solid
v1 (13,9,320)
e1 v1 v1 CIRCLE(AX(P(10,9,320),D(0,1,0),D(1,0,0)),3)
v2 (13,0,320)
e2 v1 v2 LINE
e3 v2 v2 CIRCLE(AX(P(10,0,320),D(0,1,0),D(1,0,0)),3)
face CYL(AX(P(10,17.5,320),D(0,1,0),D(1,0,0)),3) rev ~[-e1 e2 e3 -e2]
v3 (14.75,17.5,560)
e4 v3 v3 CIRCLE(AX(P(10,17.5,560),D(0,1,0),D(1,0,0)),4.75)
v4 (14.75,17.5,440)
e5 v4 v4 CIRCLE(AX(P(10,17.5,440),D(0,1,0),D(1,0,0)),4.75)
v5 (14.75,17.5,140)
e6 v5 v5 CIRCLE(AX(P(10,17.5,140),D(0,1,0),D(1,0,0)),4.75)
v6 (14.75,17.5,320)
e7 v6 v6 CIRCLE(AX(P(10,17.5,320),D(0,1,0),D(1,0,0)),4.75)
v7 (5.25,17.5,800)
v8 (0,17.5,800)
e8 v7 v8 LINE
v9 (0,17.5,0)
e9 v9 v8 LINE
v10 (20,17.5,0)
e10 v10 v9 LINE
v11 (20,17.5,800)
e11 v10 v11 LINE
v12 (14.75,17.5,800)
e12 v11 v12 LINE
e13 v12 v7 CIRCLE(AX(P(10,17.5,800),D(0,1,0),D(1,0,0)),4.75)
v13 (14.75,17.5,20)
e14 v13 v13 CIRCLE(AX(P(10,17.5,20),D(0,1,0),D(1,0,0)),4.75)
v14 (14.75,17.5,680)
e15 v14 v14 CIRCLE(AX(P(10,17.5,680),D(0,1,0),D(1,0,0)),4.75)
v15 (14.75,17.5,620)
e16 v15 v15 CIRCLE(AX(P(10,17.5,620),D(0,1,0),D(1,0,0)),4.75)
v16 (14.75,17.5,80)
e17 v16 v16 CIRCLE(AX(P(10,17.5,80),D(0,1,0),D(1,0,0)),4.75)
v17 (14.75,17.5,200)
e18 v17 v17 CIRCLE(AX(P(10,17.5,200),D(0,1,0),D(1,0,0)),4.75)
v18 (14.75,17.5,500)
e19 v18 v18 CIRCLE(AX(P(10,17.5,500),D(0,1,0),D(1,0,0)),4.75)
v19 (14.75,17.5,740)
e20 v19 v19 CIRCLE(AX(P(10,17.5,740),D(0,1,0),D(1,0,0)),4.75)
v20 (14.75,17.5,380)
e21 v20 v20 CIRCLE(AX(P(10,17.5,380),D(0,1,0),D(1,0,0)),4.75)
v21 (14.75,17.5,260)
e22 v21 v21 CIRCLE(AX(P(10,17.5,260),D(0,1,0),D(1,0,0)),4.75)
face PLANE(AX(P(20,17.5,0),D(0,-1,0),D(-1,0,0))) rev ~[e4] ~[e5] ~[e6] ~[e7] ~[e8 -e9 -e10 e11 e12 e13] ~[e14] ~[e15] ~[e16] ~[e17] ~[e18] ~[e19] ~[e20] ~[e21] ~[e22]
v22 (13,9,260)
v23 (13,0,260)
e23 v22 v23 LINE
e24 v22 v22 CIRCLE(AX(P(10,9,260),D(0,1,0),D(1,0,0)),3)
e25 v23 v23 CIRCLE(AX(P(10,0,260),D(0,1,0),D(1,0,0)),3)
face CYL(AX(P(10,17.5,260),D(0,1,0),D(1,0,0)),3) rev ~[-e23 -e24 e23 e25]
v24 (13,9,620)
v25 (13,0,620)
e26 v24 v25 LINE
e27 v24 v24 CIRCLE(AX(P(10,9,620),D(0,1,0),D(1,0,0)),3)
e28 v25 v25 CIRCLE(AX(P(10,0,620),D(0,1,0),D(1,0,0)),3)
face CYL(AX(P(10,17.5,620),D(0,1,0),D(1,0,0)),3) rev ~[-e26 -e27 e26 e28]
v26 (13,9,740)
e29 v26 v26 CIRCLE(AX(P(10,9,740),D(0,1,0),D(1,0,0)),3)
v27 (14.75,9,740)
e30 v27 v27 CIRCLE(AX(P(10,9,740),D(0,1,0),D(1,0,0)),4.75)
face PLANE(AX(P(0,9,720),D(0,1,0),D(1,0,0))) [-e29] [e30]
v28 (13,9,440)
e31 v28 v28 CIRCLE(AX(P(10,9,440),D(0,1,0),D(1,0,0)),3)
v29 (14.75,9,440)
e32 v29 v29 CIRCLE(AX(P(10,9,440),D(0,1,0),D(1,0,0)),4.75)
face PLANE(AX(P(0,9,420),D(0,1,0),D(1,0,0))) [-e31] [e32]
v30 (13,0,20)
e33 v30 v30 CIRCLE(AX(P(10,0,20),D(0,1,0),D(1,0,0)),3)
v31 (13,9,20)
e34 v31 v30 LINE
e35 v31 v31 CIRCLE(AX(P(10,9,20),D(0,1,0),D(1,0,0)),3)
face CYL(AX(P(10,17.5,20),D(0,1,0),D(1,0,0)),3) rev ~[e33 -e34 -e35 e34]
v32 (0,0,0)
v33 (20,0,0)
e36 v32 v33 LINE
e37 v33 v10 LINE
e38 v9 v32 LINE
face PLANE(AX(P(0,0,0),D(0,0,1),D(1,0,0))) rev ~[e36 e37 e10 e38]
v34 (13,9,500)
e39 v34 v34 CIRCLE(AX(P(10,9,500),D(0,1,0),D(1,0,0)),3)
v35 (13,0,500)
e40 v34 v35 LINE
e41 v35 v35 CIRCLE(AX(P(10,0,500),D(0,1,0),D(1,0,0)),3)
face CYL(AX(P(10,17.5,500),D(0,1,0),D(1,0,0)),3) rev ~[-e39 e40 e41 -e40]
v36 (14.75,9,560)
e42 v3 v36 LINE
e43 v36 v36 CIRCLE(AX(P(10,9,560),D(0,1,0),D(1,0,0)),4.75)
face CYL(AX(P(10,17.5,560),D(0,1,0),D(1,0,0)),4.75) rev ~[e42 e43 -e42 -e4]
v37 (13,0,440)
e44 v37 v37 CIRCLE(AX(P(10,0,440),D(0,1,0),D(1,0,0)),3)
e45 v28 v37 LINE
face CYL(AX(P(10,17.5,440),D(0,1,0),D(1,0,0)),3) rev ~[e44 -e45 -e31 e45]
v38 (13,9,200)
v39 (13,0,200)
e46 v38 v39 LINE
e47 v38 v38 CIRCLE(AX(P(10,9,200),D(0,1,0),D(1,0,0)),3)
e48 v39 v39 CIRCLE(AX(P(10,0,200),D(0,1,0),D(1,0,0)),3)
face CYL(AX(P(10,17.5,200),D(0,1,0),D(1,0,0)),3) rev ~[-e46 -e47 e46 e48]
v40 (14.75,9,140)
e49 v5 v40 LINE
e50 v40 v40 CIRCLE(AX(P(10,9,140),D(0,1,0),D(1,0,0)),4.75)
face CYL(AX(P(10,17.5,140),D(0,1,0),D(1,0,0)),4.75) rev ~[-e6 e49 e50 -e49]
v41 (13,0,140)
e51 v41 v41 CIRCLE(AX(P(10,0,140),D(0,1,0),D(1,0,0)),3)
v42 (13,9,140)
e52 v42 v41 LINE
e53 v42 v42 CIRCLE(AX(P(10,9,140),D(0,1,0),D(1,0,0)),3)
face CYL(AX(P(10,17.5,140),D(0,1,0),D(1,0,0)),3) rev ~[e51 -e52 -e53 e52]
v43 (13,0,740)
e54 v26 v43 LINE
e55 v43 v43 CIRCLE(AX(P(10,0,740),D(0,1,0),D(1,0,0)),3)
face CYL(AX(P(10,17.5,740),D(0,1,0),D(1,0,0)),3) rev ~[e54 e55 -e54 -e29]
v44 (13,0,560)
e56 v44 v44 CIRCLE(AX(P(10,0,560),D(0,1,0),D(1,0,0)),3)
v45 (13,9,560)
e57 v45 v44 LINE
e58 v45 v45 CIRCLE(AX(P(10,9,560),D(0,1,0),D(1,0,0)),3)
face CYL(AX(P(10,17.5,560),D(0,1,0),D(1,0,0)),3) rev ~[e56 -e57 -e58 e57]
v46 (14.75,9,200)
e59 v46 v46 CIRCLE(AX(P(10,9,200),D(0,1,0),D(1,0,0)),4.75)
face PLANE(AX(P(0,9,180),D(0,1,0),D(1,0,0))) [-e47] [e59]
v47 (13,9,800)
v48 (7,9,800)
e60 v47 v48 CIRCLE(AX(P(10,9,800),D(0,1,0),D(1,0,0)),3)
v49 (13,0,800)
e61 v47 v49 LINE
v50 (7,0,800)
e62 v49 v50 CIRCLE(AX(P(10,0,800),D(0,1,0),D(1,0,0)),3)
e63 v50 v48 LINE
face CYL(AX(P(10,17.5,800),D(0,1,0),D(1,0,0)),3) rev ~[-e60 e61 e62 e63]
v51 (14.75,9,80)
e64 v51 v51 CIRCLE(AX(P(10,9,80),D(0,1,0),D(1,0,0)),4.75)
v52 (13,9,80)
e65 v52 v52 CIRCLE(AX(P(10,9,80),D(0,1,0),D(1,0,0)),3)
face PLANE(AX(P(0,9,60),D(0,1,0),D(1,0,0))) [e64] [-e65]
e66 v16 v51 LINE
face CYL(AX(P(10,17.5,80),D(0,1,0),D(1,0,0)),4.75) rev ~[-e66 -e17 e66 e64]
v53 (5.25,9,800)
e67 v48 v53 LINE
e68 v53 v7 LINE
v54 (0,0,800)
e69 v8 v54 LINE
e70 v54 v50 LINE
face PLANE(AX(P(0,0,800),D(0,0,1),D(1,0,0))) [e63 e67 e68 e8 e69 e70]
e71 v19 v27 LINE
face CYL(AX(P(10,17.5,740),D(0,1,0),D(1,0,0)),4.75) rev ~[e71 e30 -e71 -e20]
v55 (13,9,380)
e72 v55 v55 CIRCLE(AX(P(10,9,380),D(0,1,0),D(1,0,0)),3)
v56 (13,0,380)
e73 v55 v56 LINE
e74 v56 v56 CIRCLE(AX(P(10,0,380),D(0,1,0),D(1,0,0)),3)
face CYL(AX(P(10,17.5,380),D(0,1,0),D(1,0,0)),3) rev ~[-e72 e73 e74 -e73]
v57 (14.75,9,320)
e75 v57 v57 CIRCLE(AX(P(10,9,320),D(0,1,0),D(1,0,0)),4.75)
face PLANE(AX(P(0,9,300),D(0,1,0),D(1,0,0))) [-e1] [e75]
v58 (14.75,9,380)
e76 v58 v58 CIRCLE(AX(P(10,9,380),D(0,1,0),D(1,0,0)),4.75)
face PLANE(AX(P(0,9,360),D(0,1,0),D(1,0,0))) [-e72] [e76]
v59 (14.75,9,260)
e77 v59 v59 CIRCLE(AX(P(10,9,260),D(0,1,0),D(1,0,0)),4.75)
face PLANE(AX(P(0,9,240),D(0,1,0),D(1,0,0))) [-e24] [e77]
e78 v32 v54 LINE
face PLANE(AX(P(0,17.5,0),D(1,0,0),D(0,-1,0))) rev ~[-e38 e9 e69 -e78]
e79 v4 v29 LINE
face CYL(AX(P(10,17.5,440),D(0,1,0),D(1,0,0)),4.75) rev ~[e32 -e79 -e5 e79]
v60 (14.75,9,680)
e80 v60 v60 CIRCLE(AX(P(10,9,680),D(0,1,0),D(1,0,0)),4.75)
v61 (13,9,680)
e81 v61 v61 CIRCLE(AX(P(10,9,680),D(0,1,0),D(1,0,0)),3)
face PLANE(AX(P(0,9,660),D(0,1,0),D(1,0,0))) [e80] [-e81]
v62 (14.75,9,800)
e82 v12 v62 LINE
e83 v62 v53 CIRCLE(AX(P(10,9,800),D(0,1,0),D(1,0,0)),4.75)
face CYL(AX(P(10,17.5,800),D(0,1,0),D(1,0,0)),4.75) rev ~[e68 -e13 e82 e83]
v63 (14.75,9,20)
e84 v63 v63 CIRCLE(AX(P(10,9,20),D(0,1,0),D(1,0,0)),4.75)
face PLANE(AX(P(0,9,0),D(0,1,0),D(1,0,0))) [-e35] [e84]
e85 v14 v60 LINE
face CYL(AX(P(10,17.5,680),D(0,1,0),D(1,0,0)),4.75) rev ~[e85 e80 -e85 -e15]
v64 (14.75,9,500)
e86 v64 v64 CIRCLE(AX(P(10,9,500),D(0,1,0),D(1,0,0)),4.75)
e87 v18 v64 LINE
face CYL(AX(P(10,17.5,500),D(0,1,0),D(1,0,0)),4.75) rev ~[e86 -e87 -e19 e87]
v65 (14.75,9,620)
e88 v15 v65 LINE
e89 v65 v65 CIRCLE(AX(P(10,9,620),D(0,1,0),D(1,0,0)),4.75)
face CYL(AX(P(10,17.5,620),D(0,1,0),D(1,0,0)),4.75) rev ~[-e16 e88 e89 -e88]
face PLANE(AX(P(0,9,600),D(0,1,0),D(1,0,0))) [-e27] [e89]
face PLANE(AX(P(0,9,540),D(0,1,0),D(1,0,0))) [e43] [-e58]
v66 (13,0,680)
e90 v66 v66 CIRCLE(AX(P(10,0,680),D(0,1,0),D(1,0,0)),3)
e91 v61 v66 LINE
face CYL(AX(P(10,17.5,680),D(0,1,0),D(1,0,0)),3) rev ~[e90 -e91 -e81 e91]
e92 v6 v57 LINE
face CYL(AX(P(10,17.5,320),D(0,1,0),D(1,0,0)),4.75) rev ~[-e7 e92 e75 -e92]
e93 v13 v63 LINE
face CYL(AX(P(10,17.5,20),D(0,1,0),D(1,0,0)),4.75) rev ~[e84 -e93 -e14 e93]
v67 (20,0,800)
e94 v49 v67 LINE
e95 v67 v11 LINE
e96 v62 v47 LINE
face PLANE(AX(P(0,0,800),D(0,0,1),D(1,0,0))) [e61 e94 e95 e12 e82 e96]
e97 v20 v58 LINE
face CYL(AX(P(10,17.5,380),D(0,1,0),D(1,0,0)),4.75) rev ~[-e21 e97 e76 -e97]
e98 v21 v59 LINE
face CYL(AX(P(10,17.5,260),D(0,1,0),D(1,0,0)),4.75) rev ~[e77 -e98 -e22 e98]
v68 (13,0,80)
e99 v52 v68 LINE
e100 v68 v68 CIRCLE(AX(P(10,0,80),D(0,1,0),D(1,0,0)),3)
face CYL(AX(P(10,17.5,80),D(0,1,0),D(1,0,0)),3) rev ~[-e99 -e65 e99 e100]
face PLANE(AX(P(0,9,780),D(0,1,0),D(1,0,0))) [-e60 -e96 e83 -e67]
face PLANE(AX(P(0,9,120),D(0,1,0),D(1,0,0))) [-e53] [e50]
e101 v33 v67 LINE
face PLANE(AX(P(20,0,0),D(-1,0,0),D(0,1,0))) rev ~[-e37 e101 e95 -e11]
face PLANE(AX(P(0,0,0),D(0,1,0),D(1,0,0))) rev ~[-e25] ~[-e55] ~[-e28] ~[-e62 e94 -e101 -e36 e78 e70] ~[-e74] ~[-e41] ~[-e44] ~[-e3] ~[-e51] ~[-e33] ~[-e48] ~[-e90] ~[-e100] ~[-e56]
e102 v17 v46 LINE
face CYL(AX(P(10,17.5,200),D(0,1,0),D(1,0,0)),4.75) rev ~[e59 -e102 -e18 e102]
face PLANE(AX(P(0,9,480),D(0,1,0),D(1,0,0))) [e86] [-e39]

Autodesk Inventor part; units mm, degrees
ref_plane "YZ Plane" through (0, 0, 0) normal (1, 0, 0) x (0, 1, 0)
ref_plane "XZ Plane" through (0, 0, 0) normal (0, 1, 0) x (-1, 0, 0)
ref_plane "XY Plane" through (0, 0, 0) normal (0, 0, 1) x (1, 0, 0)
sketch "Sketch1" plane through (0, 0, 0) normal (0, 0, 1) x (1, 0, 0)
  line L0 (0, 0) -> (20, 0)
  line L1 (20, 0) -> (20, 17.5)
  line L2 (20, 17.5) -> (0, 17.5)
  line L3 (0, 17.5) -> (0, 0)
  dimension "d0" = 20
  dimension "d1" = 17.5
extrude "Extrusion1" add sketch "Sketch1" along normal blind 800
sketch "Sketch2" plane through (0, 17.5, 0) normal (0, 1, 0) x (1, 0, 0)
  circle A0 centre (10, -20) radius 3
  line L0 (20, 0) -> (0, 0) projected
  point P0 (10, 0)
  dimension "d4" = 6
  dimension "d5" = 20
extrude "Extrusion2" cut sketch "Sketch2" against normal up to surface (17.5 mm away)
sketch "Sketch3" plane through (0, 17.5, 0) normal (0, 1, 0) x (1, 0, 0)
  circle A0 centre (10, -20) radius 4.75
  circle A1 centre (10, -20) radius 3 construction
  point P0 (0, 0)
  dimension "d8" = 9.5
extrude "Extrusion3" cut sketch "Sketch3" against normal blind 8.5
pattern_linear "Rectangular Pattern1" count 18 spacing 60 along (0, 0, 1) of "Extrusion2", "Extrusion3"
properties part number "HGW20CC_Rail_800mm_ACTUAL"
